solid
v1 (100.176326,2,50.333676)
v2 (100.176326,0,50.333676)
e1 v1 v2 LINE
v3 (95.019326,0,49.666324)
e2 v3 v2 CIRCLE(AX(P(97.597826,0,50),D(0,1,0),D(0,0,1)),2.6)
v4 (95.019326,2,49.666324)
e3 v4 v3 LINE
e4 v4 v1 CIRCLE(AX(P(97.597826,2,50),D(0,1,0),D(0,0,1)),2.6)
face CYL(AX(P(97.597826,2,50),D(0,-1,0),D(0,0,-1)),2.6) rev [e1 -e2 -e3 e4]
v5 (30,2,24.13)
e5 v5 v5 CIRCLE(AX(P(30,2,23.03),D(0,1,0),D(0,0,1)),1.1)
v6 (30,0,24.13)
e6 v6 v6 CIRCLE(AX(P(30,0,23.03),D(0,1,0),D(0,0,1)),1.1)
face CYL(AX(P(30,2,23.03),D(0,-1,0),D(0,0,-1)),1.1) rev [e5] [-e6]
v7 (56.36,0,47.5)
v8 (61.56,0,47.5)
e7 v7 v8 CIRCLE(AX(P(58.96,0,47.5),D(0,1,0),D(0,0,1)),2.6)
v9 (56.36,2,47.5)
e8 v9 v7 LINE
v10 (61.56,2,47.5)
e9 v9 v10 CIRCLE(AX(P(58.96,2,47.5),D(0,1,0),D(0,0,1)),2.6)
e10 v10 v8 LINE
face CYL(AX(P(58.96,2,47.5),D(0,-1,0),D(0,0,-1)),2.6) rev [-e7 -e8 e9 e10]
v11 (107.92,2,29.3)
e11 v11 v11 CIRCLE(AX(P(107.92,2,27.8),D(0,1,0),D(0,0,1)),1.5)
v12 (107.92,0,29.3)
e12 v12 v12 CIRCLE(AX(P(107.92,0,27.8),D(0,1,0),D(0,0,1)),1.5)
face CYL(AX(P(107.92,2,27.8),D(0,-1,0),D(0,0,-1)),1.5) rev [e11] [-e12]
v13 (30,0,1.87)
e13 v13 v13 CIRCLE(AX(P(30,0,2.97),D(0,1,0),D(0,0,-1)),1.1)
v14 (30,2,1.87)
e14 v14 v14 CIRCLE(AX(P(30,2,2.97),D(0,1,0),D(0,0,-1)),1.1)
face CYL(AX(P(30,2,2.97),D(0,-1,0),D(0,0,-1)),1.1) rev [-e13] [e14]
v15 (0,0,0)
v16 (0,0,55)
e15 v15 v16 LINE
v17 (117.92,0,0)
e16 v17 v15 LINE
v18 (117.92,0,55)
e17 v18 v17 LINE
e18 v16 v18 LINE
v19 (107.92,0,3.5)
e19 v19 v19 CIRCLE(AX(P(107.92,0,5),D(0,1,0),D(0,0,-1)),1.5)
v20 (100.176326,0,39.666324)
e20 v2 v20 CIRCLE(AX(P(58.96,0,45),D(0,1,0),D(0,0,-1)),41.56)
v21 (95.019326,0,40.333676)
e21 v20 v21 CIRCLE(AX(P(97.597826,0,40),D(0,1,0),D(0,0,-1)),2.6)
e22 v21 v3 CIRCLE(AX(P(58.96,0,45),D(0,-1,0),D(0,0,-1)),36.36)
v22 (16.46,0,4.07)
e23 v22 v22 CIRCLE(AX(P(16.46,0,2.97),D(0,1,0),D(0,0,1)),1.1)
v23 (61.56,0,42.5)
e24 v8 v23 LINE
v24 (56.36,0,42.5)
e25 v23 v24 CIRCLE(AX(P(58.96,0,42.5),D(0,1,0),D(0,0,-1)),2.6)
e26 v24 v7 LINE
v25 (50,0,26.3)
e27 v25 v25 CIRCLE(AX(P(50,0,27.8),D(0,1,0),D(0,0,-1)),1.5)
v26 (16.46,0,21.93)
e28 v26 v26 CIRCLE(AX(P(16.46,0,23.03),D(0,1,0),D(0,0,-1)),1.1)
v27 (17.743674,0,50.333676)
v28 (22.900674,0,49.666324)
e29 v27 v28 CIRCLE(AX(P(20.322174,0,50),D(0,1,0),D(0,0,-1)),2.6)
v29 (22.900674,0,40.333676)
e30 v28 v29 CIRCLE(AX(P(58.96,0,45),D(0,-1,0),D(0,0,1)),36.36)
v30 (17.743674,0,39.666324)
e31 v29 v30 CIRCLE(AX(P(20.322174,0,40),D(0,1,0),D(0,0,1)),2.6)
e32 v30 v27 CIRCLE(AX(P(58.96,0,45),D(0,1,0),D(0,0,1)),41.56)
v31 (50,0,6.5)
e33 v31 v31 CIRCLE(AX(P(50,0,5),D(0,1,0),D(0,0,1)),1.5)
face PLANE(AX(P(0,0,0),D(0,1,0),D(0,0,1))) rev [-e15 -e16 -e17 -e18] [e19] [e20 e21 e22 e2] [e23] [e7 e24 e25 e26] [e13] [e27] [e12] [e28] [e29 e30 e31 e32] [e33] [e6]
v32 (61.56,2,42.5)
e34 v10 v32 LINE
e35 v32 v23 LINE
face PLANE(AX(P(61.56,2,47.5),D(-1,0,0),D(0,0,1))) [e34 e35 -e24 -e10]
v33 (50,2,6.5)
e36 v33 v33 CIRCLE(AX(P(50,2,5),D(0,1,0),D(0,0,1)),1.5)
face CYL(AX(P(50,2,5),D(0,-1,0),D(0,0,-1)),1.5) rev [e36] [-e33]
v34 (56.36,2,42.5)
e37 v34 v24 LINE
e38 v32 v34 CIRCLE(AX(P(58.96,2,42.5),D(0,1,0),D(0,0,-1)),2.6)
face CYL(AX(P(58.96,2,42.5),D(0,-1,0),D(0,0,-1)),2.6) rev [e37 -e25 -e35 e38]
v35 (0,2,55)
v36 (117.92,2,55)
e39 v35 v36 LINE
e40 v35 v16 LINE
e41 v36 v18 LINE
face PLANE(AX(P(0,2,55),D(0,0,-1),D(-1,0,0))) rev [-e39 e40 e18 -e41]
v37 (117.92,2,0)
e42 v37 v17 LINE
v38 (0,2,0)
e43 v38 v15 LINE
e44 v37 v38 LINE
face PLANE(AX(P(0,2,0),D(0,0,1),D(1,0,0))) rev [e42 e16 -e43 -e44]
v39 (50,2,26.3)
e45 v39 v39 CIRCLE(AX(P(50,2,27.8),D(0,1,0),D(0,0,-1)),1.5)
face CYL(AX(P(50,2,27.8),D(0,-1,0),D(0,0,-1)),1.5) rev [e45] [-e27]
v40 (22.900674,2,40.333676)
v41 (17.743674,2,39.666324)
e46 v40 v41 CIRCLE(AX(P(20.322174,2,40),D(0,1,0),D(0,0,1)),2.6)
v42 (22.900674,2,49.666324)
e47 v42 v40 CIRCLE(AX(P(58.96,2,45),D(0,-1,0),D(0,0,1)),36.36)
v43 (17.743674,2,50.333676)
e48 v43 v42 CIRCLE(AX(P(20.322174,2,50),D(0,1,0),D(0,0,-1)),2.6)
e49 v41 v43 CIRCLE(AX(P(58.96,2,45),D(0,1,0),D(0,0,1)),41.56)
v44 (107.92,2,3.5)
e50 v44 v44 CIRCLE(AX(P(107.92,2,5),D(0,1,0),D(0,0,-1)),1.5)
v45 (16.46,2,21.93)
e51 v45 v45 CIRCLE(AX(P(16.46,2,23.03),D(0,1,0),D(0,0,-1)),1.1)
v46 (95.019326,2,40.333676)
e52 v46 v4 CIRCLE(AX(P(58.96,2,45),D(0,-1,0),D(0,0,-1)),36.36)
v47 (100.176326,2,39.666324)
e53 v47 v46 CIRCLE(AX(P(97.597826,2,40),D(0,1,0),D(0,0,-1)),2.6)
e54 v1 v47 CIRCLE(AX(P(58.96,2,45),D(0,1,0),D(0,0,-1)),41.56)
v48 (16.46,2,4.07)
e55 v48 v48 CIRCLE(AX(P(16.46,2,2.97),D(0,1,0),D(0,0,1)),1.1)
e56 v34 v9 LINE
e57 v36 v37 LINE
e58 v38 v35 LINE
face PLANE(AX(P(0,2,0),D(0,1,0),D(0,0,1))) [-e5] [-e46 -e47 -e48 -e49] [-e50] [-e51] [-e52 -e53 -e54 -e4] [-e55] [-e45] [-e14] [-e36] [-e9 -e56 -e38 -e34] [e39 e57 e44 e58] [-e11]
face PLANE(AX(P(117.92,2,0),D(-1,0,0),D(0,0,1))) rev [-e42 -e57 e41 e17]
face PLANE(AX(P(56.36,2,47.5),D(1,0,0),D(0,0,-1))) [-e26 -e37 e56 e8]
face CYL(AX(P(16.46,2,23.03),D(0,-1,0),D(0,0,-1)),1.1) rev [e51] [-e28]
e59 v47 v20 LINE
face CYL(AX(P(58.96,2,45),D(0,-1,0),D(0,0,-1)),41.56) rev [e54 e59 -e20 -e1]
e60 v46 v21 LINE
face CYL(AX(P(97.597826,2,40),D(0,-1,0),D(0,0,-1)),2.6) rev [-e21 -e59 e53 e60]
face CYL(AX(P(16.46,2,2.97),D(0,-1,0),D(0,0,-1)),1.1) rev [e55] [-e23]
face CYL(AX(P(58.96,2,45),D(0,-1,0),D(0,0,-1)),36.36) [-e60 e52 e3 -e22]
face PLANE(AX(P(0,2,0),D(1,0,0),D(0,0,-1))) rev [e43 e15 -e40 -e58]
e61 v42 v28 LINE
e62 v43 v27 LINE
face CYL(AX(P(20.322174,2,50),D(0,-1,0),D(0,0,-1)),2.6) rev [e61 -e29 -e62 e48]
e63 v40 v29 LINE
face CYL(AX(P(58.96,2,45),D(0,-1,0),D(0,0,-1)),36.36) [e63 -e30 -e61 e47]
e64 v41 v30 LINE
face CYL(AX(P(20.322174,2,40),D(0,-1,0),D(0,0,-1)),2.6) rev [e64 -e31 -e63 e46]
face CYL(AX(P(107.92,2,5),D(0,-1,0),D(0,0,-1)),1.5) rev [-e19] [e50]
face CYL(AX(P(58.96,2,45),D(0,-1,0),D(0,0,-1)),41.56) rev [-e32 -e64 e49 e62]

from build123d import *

# Parameters (mm, degrees)
SKETCH_1_W      = 117.92
SKETCH_1_H      = 55
SKETCH_1_R      = 1.1
SKETCH_1_R_2    = 1.5
EXTRUDE_1_DEPTH = 2


with BuildPart() as part:
    # 草图1 → 凸台-拉伸1 (new body)
    with BuildSketch(Plane(origin=(0, 0, 0), x_dir=(1, 0, 0), z_dir=(0, 1, 0))):
        with Locations((58.96, -27.5)):
            Rectangle(SKETCH_1_W, SKETCH_1_H)
        with Locations(Location((16.46, -2.97, 0), (0, 0, 270))):
            Circle(SKETCH_1_R, mode=Mode.SUBTRACT)
        with Locations(Location((30, -2.97, 0), (0, 0, 90))):
            Circle(SKETCH_1_R, mode=Mode.SUBTRACT)
        with Locations(Location((30, -23.03, 0), (0, 0, 270))):
            Circle(SKETCH_1_R, mode=Mode.SUBTRACT)
        with Locations(Location((16.46, -23.03, 0), (0, 0, 90))):
            Circle(SKETCH_1_R, mode=Mode.SUBTRACT)
        with Locations(Location((50, -5, 0), (0, 0, 270))):
            Circle(SKETCH_1_R_2, mode=Mode.SUBTRACT)
        with Locations(Location((107.92, -5, 0), (0, 0, 90))):
            Circle(SKETCH_1_R_2, mode=Mode.SUBTRACT)
        with Locations(Location((107.92, -27.8, 0), (0, 0, 270))):
            Circle(SKETCH_1_R_2, mode=Mode.SUBTRACT)
        with Locations(Location((50, -27.8, 0), (0, 0, 90))):
            Circle(SKETCH_1_R_2, mode=Mode.SUBTRACT)
        with BuildLine():
            Line((56.36, -47.5), (56.36, -42.5))
            ThreePointArc((56.36, -42.5), (58.96, -39.9), (61.56, -42.5))
            Line((61.56, -42.5), (61.56, -47.5))
            ThreePointArc((61.56, -47.5), (58.96, -50.1), (56.36, -47.5))
        make_face(mode=Mode.SUBTRACT)
        with BuildLine():
            ThreePointArc((95.019326342, -40.333675565), (95.32, -45), (95.019326342, -49.666324435))
            ThreePointArc((95.019326342, -49.666324435), (97.264150461, -52.578499683), (100.176325709, -50.333675565))
            ThreePointArc((100.176325709, -50.333675565), (100.52, -45), (100.176325709, -39.666324435))
            ThreePointArc((100.176325709, -39.666324435), (97.264150461, -37.421500317), (95.019326342, -40.333675565))
        make_face(mode=Mode.SUBTRACT)
        with BuildLine():
            ThreePointArc((22.900673658, -40.333675565), (20.655849539, -37.421500317), (17.743674291, -39.666324435))
            ThreePointArc((17.743674291, -39.666324435), (17.4, -45), (17.743674291, -50.333675565))
            ThreePointArc((17.743674291, -50.333675565), (20.655849539, -52.578499683), (22.900673658, -49.666324435))
            ThreePointArc((22.900673658, -49.666324435), (22.6, -45), (22.900673658, -40.333675565))
        make_face(mode=Mode.SUBTRACT)
    extrude(amount=EXTRUDE_1_DEPTH)


solid = part.part
